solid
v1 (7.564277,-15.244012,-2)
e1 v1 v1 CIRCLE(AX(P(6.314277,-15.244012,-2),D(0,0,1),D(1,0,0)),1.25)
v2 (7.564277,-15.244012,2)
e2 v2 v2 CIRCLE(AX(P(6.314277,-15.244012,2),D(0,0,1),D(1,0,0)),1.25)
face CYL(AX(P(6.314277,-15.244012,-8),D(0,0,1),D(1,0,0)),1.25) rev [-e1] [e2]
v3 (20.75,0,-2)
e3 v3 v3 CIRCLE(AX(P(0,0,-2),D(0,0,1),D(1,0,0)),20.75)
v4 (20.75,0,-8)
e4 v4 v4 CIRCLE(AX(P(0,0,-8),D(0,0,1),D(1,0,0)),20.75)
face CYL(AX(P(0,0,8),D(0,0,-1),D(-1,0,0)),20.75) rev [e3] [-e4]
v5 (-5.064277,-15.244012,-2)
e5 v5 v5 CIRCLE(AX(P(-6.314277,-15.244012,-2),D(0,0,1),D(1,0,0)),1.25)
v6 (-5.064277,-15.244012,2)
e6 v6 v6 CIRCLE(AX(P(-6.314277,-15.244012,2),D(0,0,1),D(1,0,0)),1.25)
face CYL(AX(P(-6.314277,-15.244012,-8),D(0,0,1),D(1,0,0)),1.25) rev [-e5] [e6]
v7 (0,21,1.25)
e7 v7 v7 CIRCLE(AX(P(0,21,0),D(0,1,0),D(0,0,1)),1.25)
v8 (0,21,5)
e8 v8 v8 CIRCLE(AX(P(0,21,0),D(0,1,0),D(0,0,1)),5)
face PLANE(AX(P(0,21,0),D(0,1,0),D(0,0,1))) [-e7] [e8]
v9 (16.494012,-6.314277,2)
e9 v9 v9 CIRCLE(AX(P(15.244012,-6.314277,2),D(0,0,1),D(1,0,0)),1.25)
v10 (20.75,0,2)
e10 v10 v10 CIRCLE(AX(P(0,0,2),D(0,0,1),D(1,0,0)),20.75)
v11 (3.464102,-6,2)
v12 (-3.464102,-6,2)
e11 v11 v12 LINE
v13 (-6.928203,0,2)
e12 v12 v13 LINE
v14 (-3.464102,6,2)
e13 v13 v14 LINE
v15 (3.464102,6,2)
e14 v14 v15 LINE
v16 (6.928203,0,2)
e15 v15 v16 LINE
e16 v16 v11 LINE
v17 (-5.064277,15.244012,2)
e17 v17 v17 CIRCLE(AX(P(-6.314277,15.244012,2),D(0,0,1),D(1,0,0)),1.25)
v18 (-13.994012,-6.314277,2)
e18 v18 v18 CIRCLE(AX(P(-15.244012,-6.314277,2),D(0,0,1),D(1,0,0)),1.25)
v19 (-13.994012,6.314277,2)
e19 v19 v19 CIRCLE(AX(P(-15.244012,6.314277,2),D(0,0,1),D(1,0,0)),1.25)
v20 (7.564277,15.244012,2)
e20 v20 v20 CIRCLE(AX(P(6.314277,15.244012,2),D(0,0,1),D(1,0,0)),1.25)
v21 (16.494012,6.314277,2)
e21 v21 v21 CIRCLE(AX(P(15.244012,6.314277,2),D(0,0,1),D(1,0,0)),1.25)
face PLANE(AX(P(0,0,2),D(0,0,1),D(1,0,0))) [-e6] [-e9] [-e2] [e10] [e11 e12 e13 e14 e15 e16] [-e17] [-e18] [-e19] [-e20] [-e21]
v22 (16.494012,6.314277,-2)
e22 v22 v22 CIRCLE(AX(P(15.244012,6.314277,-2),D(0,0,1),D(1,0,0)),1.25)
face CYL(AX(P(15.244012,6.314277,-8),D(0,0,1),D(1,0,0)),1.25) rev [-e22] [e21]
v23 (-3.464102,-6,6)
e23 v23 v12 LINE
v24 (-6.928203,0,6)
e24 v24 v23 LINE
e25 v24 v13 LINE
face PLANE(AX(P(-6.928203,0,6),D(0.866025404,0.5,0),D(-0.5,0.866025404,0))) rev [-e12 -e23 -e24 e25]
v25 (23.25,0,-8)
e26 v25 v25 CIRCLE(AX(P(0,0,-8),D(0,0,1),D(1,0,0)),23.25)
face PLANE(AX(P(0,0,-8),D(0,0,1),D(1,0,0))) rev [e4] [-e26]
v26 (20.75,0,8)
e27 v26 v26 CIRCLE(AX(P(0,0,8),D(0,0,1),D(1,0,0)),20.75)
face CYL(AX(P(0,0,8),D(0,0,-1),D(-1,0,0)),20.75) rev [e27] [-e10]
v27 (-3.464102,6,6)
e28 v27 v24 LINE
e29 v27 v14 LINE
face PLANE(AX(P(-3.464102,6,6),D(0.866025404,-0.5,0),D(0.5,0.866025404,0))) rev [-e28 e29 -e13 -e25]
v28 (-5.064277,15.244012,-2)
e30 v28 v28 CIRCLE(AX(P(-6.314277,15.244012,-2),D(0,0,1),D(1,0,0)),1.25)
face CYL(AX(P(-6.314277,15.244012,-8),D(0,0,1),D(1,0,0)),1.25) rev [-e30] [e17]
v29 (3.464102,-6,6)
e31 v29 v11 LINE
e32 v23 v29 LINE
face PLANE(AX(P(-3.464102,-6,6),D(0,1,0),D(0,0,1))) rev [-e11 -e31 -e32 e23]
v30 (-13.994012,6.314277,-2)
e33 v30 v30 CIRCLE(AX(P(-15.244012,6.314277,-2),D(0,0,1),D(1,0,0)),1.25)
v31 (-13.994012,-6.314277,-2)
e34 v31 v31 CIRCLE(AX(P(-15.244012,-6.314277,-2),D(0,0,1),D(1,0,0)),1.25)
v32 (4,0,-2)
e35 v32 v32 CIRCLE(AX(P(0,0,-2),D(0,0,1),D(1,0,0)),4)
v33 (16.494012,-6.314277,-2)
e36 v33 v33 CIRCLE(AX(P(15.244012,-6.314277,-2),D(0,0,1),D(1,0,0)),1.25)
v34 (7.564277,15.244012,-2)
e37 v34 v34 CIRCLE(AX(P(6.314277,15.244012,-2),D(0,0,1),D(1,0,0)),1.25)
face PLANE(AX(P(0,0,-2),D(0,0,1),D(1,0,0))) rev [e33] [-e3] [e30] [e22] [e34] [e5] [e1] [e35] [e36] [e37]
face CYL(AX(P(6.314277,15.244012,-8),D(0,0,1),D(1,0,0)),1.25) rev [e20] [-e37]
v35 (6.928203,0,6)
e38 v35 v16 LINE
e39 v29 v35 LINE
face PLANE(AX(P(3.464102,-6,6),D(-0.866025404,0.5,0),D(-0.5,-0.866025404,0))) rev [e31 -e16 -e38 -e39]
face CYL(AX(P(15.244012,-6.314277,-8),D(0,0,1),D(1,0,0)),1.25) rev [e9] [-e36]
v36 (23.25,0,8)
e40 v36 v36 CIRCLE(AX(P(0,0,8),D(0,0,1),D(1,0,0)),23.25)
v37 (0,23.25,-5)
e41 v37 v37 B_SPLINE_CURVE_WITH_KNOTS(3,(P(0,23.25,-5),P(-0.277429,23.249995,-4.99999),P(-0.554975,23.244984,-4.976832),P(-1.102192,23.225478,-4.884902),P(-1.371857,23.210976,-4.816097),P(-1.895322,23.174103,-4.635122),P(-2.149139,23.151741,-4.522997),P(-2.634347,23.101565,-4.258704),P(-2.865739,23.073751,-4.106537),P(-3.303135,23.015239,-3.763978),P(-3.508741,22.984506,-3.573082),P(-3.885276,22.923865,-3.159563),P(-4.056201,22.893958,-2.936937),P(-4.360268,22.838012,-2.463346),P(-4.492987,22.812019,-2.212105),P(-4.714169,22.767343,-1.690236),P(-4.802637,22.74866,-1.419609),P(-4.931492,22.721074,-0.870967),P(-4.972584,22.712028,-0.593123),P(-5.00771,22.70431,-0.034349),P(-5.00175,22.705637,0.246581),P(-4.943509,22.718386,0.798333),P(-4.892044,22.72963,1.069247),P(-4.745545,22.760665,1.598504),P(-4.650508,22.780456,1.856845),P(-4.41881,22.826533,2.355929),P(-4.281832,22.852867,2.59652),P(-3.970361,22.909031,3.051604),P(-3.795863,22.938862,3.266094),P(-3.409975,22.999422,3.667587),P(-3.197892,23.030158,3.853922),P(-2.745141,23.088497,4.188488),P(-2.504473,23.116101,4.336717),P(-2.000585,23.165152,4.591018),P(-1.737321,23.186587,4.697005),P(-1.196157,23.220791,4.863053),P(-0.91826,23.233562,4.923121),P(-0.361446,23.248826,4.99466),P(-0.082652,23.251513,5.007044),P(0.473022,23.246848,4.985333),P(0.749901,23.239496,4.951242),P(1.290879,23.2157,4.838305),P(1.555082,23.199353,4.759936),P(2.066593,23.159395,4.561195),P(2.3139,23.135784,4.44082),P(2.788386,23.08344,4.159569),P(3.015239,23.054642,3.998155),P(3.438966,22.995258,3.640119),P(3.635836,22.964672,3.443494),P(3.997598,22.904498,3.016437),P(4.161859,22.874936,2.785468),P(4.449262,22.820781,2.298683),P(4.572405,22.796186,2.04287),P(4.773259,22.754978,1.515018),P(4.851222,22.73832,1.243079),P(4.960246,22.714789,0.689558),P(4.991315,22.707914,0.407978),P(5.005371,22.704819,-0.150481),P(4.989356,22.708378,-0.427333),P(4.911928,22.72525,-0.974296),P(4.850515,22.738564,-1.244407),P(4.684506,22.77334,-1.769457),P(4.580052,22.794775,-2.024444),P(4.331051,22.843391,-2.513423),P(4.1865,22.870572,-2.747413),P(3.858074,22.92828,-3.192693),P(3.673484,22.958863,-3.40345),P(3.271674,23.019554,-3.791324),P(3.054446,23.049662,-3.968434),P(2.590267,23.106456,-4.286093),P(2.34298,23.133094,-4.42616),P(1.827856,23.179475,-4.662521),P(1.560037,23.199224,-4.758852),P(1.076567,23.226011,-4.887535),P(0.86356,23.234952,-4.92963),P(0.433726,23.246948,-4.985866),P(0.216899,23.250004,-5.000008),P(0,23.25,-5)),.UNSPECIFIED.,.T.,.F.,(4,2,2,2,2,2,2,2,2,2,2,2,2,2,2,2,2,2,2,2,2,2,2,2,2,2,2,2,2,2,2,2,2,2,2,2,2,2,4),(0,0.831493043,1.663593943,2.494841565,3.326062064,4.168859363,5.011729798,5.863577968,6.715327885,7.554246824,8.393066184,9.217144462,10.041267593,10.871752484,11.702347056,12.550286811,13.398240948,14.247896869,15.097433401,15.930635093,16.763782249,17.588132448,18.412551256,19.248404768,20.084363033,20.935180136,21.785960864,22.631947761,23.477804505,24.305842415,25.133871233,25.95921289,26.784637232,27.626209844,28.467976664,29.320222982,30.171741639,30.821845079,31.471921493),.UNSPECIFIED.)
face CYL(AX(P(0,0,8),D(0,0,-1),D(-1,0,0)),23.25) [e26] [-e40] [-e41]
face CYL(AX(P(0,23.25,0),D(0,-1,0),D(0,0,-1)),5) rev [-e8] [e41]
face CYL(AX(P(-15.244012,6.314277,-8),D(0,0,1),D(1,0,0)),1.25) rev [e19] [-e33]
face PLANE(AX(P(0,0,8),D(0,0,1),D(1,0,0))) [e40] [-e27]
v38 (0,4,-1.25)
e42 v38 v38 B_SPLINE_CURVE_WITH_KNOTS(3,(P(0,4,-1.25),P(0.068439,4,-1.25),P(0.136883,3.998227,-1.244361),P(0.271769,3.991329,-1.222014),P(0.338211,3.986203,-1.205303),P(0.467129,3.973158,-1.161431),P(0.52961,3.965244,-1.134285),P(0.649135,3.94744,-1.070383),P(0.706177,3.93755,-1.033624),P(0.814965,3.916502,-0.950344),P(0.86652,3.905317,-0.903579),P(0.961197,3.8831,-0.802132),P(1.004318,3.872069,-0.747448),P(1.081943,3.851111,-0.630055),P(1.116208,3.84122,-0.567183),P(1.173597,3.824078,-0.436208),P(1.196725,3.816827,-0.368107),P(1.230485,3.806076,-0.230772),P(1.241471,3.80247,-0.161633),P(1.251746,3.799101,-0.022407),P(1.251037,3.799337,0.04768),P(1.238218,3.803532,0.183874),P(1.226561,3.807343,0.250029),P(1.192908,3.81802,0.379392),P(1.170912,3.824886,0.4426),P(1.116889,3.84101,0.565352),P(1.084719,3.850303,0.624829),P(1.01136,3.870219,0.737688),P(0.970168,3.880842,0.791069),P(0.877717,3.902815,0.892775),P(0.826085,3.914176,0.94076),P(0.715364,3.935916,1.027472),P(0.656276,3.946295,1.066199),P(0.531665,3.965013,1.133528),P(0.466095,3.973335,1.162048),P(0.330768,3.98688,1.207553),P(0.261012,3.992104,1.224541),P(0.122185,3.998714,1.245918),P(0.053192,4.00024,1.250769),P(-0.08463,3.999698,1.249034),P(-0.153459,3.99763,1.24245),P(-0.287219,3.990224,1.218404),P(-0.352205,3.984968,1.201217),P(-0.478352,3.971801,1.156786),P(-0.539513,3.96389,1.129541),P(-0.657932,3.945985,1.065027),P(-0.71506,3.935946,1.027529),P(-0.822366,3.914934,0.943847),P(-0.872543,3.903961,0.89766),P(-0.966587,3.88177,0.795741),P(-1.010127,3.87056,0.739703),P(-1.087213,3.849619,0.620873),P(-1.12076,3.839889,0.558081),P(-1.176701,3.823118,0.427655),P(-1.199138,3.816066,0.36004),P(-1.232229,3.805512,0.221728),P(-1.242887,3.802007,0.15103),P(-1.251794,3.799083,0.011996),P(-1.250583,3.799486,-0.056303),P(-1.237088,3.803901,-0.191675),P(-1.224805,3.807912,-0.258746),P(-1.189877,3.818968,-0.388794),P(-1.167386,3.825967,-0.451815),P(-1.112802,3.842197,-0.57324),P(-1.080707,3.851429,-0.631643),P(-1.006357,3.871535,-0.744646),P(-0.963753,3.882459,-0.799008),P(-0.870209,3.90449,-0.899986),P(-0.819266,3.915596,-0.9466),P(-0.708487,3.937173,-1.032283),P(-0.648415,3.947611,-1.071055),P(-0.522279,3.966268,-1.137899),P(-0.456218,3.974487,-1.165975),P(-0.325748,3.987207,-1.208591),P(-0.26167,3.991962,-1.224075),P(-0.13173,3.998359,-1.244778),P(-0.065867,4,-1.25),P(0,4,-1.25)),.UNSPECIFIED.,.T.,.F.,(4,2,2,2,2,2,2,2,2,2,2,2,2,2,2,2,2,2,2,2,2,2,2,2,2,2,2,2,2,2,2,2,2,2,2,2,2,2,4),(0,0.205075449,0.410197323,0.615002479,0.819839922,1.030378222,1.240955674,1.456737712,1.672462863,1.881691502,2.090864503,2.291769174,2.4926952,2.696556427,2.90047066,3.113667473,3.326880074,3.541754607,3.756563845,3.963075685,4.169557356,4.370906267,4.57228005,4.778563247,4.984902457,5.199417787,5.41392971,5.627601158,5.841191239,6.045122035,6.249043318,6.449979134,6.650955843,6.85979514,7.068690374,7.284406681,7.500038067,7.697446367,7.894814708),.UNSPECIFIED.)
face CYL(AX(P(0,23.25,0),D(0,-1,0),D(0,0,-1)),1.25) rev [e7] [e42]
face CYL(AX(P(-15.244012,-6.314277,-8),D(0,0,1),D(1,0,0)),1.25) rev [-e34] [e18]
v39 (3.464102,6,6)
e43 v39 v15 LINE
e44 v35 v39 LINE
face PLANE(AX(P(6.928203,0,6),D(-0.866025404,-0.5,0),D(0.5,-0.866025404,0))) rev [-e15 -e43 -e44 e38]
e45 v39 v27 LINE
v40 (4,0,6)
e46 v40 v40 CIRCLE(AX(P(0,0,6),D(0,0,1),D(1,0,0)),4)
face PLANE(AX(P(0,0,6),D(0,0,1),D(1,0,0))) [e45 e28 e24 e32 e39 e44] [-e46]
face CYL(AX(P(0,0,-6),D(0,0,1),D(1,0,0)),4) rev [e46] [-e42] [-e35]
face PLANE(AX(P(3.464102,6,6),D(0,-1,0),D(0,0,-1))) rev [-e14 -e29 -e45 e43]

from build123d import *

# Parameters (mm, degrees)
ESQUISSE1_R           = 23.25
ESQUISSE1_R_2         = 20.75
MAIN_DEPTH            = 8
ESQUISSE2_R           = 20.75
CENTRALPART_DEPTH     = 2
HEXAGONAL_DEPTH       = 6
ESQUISSE5_R           = 4
CENTRALHOLE_DEPTH     = 6
SKETCH1_R             = 1.25
FIXTOPHOLE_DEPTH      = 3.25
FIXTOPHOLE_DEPTH_BACK = 22
SKETCH2_R             = 5
CUT_EXTRUDE2_DEPTH    = 3.250000111
SKETCH3_R             = 1.25
HUBFIXHOLE_DEPTH      = 9.0000001
CIRPATTERN1_COUNT     = 8


with BuildPart() as part:
    # Esquisse1 → Main (new body, symmetric)
    with BuildSketch(Plane.XY):
        Circle(ESQUISSE1_R)
        Circle(ESQUISSE1_R_2, mode=Mode.SUBTRACT)
    extrude(amount=MAIN_DEPTH, both=True)

    # Esquisse2 → CentralPart (add, symmetric)
    with BuildSketch(Plane.XY):
        Circle(ESQUISSE2_R)
    extrude(amount=CENTRALPART_DEPTH, both=True)

    # Esquisse3 → Hexagonal (add)
    with BuildSketch(Plane.XY):
        Polygon((-3.464101615, 6), (-6.92820323, 0), (-3.464101615, -6), (3.464101615, -6), (6.92820323, 0), (3.464101615, 6), align=None)
    extrude(amount=HEXAGONAL_DEPTH)

    # Esquisse5 → CentralHole (cut, symmetric)
    with BuildSketch(Plane.XY):
        Circle(ESQUISSE5_R)
    extrude(amount=CENTRALHOLE_DEPTH, both=True, mode=Mode.SUBTRACT)

    # Sketch1 → FixTopHole (cut, two sides)
    with BuildSketch(Plane(origin=(0, 21, 0), x_dir=(1, 0, 0), z_dir=(0, 1, 0))) as fixtophole_sk:
        Circle(SKETCH1_R)
    extrude(amount=FIXTOPHOLE_DEPTH, mode=Mode.SUBTRACT)
    extrude(fixtophole_sk.sketch, amount=-FIXTOPHOLE_DEPTH_BACK, mode=Mode.SUBTRACT)

    # Sketch2 → Cut-Extrude2 (cut, through all)
    with BuildSketch(Plane(origin=(0, 21, 0), x_dir=(1, 0, 0), z_dir=(0, 1, 0))):
        Circle(SKETCH2_R)
    extrude(amount=CUT_EXTRUDE2_DEPTH, mode=Mode.SUBTRACT)

    # Sketch3 → HubFixHole (cut, symmetric)
    with BuildSketch(Plane.XY):
        with Locations((-6.314276634, 15.244012286)):
            Circle(SKETCH3_R)
    hubfixhole = extrude(amount=HUBFIXHOLE_DEPTH, both=True, mode=Mode.SUBTRACT)

    # CirPattern1: HubFixHole ×8 about axis
    cirpattern1_axis = Axis((0, 0, 0), (0, 0, 1))
    for i in range(1, CIRPATTERN1_COUNT):
        add(hubfixhole.rotate(cirpattern1_axis, i * 360 / CIRPATTERN1_COUNT), mode=Mode.SUBTRACT)


solid = part.part
